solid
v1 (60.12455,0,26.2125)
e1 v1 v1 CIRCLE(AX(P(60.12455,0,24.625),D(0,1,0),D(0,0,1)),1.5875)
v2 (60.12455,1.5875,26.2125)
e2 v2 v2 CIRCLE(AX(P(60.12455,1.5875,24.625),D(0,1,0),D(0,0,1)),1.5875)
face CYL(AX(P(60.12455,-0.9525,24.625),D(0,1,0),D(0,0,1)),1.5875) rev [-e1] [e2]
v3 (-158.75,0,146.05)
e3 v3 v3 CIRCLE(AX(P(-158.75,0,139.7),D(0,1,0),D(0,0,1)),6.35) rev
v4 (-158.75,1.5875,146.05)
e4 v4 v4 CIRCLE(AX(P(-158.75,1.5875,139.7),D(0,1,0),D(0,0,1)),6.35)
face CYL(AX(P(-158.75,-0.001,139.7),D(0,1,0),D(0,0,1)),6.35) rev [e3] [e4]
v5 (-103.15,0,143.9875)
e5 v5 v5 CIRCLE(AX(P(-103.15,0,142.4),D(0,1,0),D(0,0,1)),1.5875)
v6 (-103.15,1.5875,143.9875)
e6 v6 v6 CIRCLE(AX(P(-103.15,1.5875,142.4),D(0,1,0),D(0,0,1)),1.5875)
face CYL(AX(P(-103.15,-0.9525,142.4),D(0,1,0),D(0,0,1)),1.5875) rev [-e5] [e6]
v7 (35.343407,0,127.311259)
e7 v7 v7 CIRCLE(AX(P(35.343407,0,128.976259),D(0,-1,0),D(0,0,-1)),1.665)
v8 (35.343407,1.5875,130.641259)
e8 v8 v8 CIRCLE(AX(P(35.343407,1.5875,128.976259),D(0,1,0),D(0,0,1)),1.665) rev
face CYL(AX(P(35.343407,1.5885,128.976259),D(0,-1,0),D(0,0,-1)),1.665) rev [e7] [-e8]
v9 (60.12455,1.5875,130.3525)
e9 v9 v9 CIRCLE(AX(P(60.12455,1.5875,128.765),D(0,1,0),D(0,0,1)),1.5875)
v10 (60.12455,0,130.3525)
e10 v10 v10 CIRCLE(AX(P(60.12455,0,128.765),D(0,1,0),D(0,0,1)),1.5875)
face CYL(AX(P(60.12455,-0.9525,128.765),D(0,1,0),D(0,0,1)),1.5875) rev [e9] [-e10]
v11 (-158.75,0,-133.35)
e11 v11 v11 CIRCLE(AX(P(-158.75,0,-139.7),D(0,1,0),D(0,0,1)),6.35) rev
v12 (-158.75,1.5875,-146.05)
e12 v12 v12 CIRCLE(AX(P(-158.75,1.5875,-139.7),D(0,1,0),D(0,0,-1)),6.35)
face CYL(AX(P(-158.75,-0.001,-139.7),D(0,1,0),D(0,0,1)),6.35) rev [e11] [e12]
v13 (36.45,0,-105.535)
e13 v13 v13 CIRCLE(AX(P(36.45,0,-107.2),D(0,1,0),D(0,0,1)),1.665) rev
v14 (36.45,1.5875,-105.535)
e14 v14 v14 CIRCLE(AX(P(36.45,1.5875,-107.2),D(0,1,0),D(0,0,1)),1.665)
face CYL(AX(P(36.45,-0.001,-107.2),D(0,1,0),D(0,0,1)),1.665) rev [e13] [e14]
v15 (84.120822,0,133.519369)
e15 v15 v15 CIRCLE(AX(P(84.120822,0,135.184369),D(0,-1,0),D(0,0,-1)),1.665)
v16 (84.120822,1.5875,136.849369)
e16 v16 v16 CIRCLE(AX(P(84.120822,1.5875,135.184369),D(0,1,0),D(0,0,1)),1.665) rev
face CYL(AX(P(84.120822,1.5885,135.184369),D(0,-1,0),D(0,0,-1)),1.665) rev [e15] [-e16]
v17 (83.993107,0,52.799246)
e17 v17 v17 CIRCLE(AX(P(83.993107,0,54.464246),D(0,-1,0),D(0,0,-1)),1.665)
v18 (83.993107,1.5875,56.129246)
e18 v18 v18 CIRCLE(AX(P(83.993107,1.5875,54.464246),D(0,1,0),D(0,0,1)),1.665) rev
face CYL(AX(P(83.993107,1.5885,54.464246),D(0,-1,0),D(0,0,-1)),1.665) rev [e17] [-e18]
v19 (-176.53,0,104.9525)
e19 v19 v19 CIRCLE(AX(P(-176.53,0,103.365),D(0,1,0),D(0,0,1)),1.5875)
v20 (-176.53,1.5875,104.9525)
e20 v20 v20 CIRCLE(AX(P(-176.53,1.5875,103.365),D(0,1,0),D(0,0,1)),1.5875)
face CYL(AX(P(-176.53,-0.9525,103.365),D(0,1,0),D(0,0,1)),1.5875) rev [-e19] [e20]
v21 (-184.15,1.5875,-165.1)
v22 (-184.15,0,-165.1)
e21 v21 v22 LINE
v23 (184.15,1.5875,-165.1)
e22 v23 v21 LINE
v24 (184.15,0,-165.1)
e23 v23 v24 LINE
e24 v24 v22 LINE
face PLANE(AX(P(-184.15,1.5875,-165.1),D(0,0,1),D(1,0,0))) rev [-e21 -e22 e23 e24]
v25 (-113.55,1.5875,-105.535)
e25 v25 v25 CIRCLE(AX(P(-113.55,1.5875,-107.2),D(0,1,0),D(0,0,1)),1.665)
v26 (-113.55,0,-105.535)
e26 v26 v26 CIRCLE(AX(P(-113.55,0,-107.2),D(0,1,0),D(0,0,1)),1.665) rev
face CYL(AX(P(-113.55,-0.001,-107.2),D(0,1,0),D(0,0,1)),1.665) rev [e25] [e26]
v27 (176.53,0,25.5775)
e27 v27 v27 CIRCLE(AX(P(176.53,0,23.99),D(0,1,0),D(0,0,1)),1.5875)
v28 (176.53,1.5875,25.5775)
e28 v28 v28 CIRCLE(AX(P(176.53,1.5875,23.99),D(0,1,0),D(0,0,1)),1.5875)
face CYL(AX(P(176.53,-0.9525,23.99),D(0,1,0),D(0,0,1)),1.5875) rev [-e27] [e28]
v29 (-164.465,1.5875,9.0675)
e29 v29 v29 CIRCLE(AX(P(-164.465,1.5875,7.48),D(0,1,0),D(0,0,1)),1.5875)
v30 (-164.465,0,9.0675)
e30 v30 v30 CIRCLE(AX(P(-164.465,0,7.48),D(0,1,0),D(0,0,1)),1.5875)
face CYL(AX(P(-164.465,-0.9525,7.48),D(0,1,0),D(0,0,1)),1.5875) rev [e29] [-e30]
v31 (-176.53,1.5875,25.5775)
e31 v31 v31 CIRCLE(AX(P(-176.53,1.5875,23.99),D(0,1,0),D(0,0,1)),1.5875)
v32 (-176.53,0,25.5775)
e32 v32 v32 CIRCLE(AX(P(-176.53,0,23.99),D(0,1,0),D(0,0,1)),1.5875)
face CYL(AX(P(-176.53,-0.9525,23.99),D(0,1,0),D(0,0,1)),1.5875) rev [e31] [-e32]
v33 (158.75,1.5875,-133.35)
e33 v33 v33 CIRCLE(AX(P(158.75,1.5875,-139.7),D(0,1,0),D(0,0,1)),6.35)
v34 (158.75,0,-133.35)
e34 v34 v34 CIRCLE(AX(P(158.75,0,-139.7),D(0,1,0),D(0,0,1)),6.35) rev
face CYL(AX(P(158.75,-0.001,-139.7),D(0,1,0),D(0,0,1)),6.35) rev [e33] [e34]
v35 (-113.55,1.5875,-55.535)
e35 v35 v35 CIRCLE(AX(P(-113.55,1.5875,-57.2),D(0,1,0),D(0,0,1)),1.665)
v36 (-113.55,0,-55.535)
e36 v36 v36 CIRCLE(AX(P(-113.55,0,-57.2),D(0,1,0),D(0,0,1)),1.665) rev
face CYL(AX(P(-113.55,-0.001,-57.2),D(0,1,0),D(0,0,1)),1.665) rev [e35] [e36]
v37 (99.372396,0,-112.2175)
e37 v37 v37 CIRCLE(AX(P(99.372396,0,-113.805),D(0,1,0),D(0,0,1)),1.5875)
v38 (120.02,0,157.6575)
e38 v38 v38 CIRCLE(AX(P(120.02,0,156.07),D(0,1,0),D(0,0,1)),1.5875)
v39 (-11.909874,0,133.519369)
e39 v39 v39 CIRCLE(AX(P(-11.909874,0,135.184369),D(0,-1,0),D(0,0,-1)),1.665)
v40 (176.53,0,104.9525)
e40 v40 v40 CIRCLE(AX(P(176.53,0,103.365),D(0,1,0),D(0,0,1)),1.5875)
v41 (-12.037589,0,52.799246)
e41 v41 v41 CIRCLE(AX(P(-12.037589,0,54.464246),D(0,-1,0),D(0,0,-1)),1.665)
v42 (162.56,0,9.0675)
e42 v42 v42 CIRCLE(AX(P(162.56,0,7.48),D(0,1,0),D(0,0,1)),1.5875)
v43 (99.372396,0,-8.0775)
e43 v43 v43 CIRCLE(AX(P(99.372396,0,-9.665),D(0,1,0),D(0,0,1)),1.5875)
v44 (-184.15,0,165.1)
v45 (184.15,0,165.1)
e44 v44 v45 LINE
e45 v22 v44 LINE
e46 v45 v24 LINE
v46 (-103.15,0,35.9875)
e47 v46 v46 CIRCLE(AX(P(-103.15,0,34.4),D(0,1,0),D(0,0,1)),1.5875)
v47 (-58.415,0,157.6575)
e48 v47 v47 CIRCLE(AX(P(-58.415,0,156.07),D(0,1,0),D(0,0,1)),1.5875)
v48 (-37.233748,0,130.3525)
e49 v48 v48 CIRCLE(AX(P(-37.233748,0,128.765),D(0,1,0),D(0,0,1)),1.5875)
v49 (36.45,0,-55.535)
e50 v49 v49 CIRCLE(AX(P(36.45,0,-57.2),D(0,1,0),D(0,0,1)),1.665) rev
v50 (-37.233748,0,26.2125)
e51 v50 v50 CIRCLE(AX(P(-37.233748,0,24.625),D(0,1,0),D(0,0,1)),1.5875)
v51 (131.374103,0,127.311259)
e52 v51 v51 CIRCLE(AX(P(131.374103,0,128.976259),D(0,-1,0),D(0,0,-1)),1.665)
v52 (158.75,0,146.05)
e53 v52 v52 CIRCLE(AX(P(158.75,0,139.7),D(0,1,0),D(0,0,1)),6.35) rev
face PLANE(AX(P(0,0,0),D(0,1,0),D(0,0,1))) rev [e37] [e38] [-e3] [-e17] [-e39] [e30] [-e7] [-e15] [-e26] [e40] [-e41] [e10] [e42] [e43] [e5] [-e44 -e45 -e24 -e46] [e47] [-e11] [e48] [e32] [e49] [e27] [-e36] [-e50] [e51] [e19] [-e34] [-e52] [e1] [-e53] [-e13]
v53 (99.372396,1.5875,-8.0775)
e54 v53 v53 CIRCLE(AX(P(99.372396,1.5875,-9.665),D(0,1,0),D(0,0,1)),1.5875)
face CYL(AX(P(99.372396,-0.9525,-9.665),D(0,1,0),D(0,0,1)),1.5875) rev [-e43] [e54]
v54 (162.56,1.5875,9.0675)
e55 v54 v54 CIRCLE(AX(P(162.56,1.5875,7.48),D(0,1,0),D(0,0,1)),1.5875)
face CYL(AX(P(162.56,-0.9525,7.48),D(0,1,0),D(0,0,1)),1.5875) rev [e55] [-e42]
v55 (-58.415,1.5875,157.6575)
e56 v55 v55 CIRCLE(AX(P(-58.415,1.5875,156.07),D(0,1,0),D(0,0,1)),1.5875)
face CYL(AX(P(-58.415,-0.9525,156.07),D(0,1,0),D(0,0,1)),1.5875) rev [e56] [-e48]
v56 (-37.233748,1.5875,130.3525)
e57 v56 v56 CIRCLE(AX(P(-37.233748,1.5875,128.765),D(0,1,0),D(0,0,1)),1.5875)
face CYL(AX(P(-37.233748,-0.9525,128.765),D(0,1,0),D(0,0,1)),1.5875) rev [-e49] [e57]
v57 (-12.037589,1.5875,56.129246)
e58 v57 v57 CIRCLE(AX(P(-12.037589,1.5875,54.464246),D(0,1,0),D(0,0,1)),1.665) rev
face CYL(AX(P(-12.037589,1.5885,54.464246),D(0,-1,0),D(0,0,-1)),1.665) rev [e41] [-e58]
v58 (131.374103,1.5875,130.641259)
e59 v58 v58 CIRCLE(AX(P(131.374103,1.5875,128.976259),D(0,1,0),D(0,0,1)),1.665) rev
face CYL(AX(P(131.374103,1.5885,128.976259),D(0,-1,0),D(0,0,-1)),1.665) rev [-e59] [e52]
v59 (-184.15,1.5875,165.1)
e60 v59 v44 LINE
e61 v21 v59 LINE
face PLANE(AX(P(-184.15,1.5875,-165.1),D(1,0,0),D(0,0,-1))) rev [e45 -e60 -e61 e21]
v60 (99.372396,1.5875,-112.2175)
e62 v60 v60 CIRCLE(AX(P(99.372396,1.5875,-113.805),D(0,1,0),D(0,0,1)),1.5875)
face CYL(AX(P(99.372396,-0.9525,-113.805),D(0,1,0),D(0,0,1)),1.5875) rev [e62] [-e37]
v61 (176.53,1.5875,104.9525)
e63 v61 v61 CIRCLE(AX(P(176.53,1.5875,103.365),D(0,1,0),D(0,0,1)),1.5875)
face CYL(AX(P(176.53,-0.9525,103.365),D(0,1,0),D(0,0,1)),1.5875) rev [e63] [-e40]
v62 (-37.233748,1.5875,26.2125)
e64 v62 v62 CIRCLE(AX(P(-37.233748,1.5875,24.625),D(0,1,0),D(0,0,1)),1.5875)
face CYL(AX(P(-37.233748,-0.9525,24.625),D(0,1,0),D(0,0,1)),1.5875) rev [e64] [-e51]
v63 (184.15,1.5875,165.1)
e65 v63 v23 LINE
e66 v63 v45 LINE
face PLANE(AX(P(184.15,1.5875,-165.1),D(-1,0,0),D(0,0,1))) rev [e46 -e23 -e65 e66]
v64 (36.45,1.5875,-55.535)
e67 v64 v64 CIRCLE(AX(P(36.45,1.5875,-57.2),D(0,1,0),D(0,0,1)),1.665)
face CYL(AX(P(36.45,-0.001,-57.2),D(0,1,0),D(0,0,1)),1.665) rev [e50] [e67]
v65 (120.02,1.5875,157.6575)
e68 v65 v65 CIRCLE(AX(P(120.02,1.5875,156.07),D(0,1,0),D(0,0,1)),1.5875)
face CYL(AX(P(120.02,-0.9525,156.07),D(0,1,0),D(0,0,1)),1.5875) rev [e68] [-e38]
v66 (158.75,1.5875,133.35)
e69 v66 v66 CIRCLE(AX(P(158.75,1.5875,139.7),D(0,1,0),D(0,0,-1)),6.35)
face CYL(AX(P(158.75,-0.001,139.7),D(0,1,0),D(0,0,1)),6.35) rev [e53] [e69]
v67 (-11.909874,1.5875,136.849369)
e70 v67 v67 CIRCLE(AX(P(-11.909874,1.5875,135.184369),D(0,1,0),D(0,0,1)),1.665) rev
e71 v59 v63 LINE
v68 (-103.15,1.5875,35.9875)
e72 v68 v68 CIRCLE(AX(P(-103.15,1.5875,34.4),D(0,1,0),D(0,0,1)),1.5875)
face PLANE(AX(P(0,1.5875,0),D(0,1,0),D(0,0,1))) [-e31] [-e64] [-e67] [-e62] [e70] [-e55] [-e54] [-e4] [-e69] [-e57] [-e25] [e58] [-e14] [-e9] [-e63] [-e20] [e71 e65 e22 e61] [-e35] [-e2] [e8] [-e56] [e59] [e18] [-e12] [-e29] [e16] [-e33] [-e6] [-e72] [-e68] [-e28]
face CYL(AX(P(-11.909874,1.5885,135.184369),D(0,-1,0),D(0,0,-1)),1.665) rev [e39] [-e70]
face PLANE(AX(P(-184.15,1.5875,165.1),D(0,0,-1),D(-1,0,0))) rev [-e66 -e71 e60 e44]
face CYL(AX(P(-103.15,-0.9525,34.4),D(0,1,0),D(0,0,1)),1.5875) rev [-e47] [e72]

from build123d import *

# Parameters (mm, degrees)
SKETCH1_W           = 368.3
SKETCH1_H           = 330.2
BOSS_EXTRUDE1_DEPTH = 1.5875
CUT_EXTRUDE1_REACH  = 249.329
SKETCH2_R           = 6.35
CUT_EXTRUDE2_REACH  = 249.329
SKETCH3_R           = 1.665
CUT_EXTRUDE3_REACH  = 249.329
SKETCH4_R           = 1.665
SKETCH5_R           = 1.5875
CUT_EXTRUDE4_DEPTH  = 2.54


with BuildPart() as part:
    # Sketch1 → Boss-Extrude1 (new body)
    with BuildSketch(Plane(origin=(0, 0, 0), x_dir=(1, 0, 0), z_dir=(0, 1, 0))):
        Rectangle(SKETCH1_W, SKETCH1_H)
    extrude(amount=BOSS_EXTRUDE1_DEPTH)

    # Sketch2 → Cut-Extrude1 (cut, up to next)
    with BuildSketch(Plane(origin=(0, 1.5875, 0), x_dir=(1, 0, 0), z_dir=(0, 1, 0)), mode=Mode.PRIVATE) as cut_extrude1_sk1:
        with Locations(Location((-158.75, -139.7, 0), (0, 0, 270))):
            Circle(SKETCH2_R)
    cut_extrude1_tool1 = extrude(cut_extrude1_sk1.sketch, amount=-CUT_EXTRUDE1_REACH, mode=Mode.PRIVATE) & part.part
    # Sketch2 → Cut-Extrude1 (cut, up to next)
    with BuildSketch(Plane(origin=(0, 1.5875, 0), x_dir=(1, 0, 0), z_dir=(0, 1, 0)), mode=Mode.PRIVATE) as cut_extrude1_sk2:
        with Locations(Location((158.75, -139.7, 0), (0, 0, 270))):
            Circle(SKETCH2_R)
    cut_extrude1_tool2 = extrude(cut_extrude1_sk2.sketch, amount=-CUT_EXTRUDE1_REACH, mode=Mode.PRIVATE) & part.part
    # Sketch2 → Cut-Extrude1 (cut, up to next)
    with BuildSketch(Plane(origin=(0, 1.5875, 0), x_dir=(1, 0, 0), z_dir=(0, 1, 0)), mode=Mode.PRIVATE) as cut_extrude1_sk3:
        with Locations(Location((-158.75, 139.7, 0), (0, 0, 270))):
            Circle(SKETCH2_R)
    cut_extrude1_tool3 = extrude(cut_extrude1_sk3.sketch, amount=-CUT_EXTRUDE1_REACH, mode=Mode.PRIVATE) & part.part
    # Sketch2 → Cut-Extrude1 (cut, up to next)
    with BuildSketch(Plane(origin=(0, 1.5875, 0), x_dir=(1, 0, 0), z_dir=(0, 1, 0)), mode=Mode.PRIVATE) as cut_extrude1_sk4:
        with Locations(Location((158.75, 139.7, 0), (0, 0, 270))):
            Circle(SKETCH2_R)
    cut_extrude1_tool4 = extrude(cut_extrude1_sk4.sketch, amount=-CUT_EXTRUDE1_REACH, mode=Mode.PRIVATE) & part.part
    add(cut_extrude1_tool1.solids().sort_by_distance((-158.75, 1.5875, 139.7))[0], mode=Mode.SUBTRACT)
    add(cut_extrude1_tool2.solids().sort_by_distance((158.75, 1.5875, 139.7))[0], mode=Mode.SUBTRACT)
    add(cut_extrude1_tool3.solids().sort_by_distance((-158.75, 1.5875, -139.7))[0], mode=Mode.SUBTRACT)
    add(cut_extrude1_tool4.solids().sort_by_distance((158.75, 1.5875, -139.7))[0], mode=Mode.SUBTRACT)

    # Sketch3 → Cut-Extrude2 (cut, up to next)
    with BuildSketch(Plane.XZ, mode=Mode.PRIVATE) as cut_extrude2_sk1:
        with Locations(Location((-11.909873993, 135.184369153, 0), (0, 0, 270))):
            Circle(SKETCH3_R)
    cut_extrude2_tool1 = extrude(cut_extrude2_sk1.sketch, amount=-CUT_EXTRUDE2_REACH, mode=Mode.PRIVATE) & part.part
    # Sketch3 → Cut-Extrude2 (cut, up to next)
    with BuildSketch(Plane.XZ, mode=Mode.PRIVATE) as cut_extrude2_sk2:
        with Locations(Location((35.343407305, 128.976258797, 0), (0, 0, 270))):
            Circle(SKETCH3_R)
    cut_extrude2_tool2 = extrude(cut_extrude2_sk2.sketch, amount=-CUT_EXTRUDE2_REACH, mode=Mode.PRIVATE) & part.part
    # Sketch3 → Cut-Extrude2 (cut, up to next)
    with BuildSketch(Plane.XZ, mode=Mode.PRIVATE) as cut_extrude2_sk3:
        with Locations(Location((-12.037588789, 54.464245503, 0), (0, 0, 270))):
            Circle(SKETCH3_R)
    cut_extrude2_tool3 = extrude(cut_extrude2_sk3.sketch, amount=-CUT_EXTRUDE2_REACH, mode=Mode.PRIVATE) & part.part
    # Sketch3 → Cut-Extrude2 (cut, up to next)
    with BuildSketch(Plane.XZ, mode=Mode.PRIVATE) as cut_extrude2_sk4:
        with Locations(Location((84.120821947, 135.184369153, 0), (0, 0, 270))):
            Circle(SKETCH3_R)
    cut_extrude2_tool4 = extrude(cut_extrude2_sk4.sketch, amount=-CUT_EXTRUDE2_REACH, mode=Mode.PRIVATE) & part.part
    # Sketch3 → Cut-Extrude2 (cut, up to next)
    with BuildSketch(Plane.XZ, mode=Mode.PRIVATE) as cut_extrude2_sk5:
        with Locations(Location((131.374103245, 128.976258797, 0), (0, 0, 270))):
            Circle(SKETCH3_R)
    cut_extrude2_tool5 = extrude(cut_extrude2_sk5.sketch, amount=-CUT_EXTRUDE2_REACH, mode=Mode.PRIVATE) & part.part
    # Sketch3 → Cut-Extrude2 (cut, up to next)
    with BuildSketch(Plane.XZ, mode=Mode.PRIVATE) as cut_extrude2_sk6:
        with Locations(Location((83.993107151, 54.464245503, 0), (0, 0, 270))):
            Circle(SKETCH3_R)
    cut_extrude2_tool6 = extrude(cut_extrude2_sk6.sketch, amount=-CUT_EXTRUDE2_REACH, mode=Mode.PRIVATE) & part.part
    add(cut_extrude2_tool1.solids().sort_by_distance((-11.909874, 0, 135.184369))[0], mode=Mode.SUBTRACT)
    add(cut_extrude2_tool2.solids().sort_by_distance((35.343407, 0, 128.976259))[0], mode=Mode.SUBTRACT)
    add(cut_extrude2_tool3.solids().sort_by_distance((-12.037589, 0, 54.464246))[0], mode=Mode.SUBTRACT)
    add(cut_extrude2_tool4.solids().sort_by_distance((84.120822, 0, 135.184369))[0], mode=Mode.SUBTRACT)
    add(cut_extrude2_tool5.solids().sort_by_distance((131.374103, 0, 128.976259))[0], mode=Mode.SUBTRACT)
    add(cut_extrude2_tool6.solids().sort_by_distance((83.993107, 0, 54.464246))[0], mode=Mode.SUBTRACT)

    # Sketch4 → Cut-Extrude3 (cut, up to next)
    with BuildSketch(Plane(origin=(0, 1.5875, 0), x_dir=(1, 0, 0), z_dir=(0, 1, 0)), mode=Mode.PRIVATE) as cut_extrude3_sk1:
        with Locations(Location((-113.55, 57.2, 0), (0, 0, 270))):
            Circle(SKETCH4_R)
    cut_extrude3_tool1 = extrude(cut_extrude3_sk1.sketch, amount=-CUT_EXTRUDE3_REACH, mode=Mode.PRIVATE) & part.part
    # Sketch4 → Cut-Extrude3 (cut, up to next)
    with BuildSketch(Plane(origin=(0, 1.5875, 0), x_dir=(1, 0, 0), z_dir=(0, 1, 0)), mode=Mode.PRIVATE) as cut_extrude3_sk2:
        with Locations(Location((-113.55, 107.2, 0), (0, 0, 270))):
            Circle(SKETCH4_R)
    cut_extrude3_tool2 = extrude(cut_extrude3_sk2.sketch, amount=-CUT_EXTRUDE3_REACH, mode=Mode.PRIVATE) & part.part
    # Sketch4 → Cut-Extrude3 (cut, up to next)
    with BuildSketch(Plane(origin=(0, 1.5875, 0), x_dir=(1, 0, 0), z_dir=(0, 1, 0)), mode=Mode.PRIVATE) as cut_extrude3_sk3:
        with Locations(Location((36.45, 107.2, 0), (0, 0, 270))):
            Circle(SKETCH4_R)
    cut_extrude3_tool3 = extrude(cut_extrude3_sk3.sketch, amount=-CUT_EXTRUDE3_REACH, mode=Mode.PRIVATE) & part.part
    # Sketch4 → Cut-Extrude3 (cut, up to next)
    with BuildSketch(Plane(origin=(0, 1.5875, 0), x_dir=(1, 0, 0), z_dir=(0, 1, 0)), mode=Mode.PRIVATE) as cut_extrude3_sk4:
        with Locations(Location((36.45, 57.2, 0), (0, 0, 270))):
            Circle(SKETCH4_R)
    cut_extrude3_tool4 = extrude(cut_extrude3_sk4.sketch, amount=-CUT_EXTRUDE3_REACH, mode=Mode.PRIVATE) & part.part
    add(cut_extrude3_tool1.solids().sort_by_distance((-113.55, 1.5875, -57.2))[0], mode=Mode.SUBTRACT)
    add(cut_extrude3_tool2.solids().sort_by_distance((-113.55, 1.5875, -107.2))[0], mode=Mode.SUBTRACT)
    add(cut_extrude3_tool3.solids().sort_by_distance((36.45, 1.5875, -107.2))[0], mode=Mode.SUBTRACT)
    add(cut_extrude3_tool4.solids().sort_by_distance((36.45, 1.5875, -57.2))[0], mode=Mode.SUBTRACT)

    # Sketch5 → Cut-Extrude4 (cut)
    with BuildSketch(Plane(origin=(0, 1.5875, 0), x_dir=(1, 0, 0), z_dir=(0, 1, 0))):
        with Locations(Location((-103.15, -142.4, 0), (0, 0, 270))):
            Circle(SKETCH5_R)
        with Locations(Location((-103.15, -34.4, 0), (0, 0, 270))):
            Circle(SKETCH5_R)
        with Locations(Location((-176.53, -103.365, 0), (0, 0, 270))):
            Circle(SKETCH5_R)
        with Locations(Location((-176.53, -23.99, 0), (0, 0, 270))):
            Circle(SKETCH5_R)
        with Locations(Location((-164.465, -7.48, 0), (0, 0, 270))):
            Circle(SKETCH5_R)
        with Locations(Location((162.56, -7.48, 0), (0, 0, 270))):
            Circle(SKETCH5_R)
        with Locations(Location((99.37239577, 9.665, 0), (0, 0, 270))):
            Circle(SKETCH5_R)
        with Locations(Location((99.37239577, 113.805, 0), (0, 0, 270))):
            Circle(SKETCH5_R)
        with Locations(Location((176.53, -103.365, 0), (0, 0, 270))):
            Circle(SKETCH5_R)
        with Locations(Location((176.53, -23.99, 0), (0, 0, 270))):
            Circle(SKETCH5_R)
        with Locations(Location((120.02, -156.07, 0), (0, 0, 270))):
            Circle(SKETCH5_R)
        with Locations(Location((-58.415, -156.07, 0), (0, 0, 270))):
            Circle(SKETCH5_R)
        with Locations(Location((-37.233747973, -128.765, 0), (0, 0, 270))):
            Circle(SKETCH5_R)
        with Locations(Location((-37.233747973, -24.625, 0), (0, 0, 270))):
            Circle(SKETCH5_R)
        with Locations(Location((60.124549509, -128.765, 0), (0, 0, 270))):
            Circle(SKETCH5_R)
        with Locations(Location((60.124549509, -24.625, 0), (0, 0, 270))):
            Circle(SKETCH5_R)
    extrude(amount=-CUT_EXTRUDE4_DEPTH, mode=Mode.SUBTRACT)


solid = part.part
